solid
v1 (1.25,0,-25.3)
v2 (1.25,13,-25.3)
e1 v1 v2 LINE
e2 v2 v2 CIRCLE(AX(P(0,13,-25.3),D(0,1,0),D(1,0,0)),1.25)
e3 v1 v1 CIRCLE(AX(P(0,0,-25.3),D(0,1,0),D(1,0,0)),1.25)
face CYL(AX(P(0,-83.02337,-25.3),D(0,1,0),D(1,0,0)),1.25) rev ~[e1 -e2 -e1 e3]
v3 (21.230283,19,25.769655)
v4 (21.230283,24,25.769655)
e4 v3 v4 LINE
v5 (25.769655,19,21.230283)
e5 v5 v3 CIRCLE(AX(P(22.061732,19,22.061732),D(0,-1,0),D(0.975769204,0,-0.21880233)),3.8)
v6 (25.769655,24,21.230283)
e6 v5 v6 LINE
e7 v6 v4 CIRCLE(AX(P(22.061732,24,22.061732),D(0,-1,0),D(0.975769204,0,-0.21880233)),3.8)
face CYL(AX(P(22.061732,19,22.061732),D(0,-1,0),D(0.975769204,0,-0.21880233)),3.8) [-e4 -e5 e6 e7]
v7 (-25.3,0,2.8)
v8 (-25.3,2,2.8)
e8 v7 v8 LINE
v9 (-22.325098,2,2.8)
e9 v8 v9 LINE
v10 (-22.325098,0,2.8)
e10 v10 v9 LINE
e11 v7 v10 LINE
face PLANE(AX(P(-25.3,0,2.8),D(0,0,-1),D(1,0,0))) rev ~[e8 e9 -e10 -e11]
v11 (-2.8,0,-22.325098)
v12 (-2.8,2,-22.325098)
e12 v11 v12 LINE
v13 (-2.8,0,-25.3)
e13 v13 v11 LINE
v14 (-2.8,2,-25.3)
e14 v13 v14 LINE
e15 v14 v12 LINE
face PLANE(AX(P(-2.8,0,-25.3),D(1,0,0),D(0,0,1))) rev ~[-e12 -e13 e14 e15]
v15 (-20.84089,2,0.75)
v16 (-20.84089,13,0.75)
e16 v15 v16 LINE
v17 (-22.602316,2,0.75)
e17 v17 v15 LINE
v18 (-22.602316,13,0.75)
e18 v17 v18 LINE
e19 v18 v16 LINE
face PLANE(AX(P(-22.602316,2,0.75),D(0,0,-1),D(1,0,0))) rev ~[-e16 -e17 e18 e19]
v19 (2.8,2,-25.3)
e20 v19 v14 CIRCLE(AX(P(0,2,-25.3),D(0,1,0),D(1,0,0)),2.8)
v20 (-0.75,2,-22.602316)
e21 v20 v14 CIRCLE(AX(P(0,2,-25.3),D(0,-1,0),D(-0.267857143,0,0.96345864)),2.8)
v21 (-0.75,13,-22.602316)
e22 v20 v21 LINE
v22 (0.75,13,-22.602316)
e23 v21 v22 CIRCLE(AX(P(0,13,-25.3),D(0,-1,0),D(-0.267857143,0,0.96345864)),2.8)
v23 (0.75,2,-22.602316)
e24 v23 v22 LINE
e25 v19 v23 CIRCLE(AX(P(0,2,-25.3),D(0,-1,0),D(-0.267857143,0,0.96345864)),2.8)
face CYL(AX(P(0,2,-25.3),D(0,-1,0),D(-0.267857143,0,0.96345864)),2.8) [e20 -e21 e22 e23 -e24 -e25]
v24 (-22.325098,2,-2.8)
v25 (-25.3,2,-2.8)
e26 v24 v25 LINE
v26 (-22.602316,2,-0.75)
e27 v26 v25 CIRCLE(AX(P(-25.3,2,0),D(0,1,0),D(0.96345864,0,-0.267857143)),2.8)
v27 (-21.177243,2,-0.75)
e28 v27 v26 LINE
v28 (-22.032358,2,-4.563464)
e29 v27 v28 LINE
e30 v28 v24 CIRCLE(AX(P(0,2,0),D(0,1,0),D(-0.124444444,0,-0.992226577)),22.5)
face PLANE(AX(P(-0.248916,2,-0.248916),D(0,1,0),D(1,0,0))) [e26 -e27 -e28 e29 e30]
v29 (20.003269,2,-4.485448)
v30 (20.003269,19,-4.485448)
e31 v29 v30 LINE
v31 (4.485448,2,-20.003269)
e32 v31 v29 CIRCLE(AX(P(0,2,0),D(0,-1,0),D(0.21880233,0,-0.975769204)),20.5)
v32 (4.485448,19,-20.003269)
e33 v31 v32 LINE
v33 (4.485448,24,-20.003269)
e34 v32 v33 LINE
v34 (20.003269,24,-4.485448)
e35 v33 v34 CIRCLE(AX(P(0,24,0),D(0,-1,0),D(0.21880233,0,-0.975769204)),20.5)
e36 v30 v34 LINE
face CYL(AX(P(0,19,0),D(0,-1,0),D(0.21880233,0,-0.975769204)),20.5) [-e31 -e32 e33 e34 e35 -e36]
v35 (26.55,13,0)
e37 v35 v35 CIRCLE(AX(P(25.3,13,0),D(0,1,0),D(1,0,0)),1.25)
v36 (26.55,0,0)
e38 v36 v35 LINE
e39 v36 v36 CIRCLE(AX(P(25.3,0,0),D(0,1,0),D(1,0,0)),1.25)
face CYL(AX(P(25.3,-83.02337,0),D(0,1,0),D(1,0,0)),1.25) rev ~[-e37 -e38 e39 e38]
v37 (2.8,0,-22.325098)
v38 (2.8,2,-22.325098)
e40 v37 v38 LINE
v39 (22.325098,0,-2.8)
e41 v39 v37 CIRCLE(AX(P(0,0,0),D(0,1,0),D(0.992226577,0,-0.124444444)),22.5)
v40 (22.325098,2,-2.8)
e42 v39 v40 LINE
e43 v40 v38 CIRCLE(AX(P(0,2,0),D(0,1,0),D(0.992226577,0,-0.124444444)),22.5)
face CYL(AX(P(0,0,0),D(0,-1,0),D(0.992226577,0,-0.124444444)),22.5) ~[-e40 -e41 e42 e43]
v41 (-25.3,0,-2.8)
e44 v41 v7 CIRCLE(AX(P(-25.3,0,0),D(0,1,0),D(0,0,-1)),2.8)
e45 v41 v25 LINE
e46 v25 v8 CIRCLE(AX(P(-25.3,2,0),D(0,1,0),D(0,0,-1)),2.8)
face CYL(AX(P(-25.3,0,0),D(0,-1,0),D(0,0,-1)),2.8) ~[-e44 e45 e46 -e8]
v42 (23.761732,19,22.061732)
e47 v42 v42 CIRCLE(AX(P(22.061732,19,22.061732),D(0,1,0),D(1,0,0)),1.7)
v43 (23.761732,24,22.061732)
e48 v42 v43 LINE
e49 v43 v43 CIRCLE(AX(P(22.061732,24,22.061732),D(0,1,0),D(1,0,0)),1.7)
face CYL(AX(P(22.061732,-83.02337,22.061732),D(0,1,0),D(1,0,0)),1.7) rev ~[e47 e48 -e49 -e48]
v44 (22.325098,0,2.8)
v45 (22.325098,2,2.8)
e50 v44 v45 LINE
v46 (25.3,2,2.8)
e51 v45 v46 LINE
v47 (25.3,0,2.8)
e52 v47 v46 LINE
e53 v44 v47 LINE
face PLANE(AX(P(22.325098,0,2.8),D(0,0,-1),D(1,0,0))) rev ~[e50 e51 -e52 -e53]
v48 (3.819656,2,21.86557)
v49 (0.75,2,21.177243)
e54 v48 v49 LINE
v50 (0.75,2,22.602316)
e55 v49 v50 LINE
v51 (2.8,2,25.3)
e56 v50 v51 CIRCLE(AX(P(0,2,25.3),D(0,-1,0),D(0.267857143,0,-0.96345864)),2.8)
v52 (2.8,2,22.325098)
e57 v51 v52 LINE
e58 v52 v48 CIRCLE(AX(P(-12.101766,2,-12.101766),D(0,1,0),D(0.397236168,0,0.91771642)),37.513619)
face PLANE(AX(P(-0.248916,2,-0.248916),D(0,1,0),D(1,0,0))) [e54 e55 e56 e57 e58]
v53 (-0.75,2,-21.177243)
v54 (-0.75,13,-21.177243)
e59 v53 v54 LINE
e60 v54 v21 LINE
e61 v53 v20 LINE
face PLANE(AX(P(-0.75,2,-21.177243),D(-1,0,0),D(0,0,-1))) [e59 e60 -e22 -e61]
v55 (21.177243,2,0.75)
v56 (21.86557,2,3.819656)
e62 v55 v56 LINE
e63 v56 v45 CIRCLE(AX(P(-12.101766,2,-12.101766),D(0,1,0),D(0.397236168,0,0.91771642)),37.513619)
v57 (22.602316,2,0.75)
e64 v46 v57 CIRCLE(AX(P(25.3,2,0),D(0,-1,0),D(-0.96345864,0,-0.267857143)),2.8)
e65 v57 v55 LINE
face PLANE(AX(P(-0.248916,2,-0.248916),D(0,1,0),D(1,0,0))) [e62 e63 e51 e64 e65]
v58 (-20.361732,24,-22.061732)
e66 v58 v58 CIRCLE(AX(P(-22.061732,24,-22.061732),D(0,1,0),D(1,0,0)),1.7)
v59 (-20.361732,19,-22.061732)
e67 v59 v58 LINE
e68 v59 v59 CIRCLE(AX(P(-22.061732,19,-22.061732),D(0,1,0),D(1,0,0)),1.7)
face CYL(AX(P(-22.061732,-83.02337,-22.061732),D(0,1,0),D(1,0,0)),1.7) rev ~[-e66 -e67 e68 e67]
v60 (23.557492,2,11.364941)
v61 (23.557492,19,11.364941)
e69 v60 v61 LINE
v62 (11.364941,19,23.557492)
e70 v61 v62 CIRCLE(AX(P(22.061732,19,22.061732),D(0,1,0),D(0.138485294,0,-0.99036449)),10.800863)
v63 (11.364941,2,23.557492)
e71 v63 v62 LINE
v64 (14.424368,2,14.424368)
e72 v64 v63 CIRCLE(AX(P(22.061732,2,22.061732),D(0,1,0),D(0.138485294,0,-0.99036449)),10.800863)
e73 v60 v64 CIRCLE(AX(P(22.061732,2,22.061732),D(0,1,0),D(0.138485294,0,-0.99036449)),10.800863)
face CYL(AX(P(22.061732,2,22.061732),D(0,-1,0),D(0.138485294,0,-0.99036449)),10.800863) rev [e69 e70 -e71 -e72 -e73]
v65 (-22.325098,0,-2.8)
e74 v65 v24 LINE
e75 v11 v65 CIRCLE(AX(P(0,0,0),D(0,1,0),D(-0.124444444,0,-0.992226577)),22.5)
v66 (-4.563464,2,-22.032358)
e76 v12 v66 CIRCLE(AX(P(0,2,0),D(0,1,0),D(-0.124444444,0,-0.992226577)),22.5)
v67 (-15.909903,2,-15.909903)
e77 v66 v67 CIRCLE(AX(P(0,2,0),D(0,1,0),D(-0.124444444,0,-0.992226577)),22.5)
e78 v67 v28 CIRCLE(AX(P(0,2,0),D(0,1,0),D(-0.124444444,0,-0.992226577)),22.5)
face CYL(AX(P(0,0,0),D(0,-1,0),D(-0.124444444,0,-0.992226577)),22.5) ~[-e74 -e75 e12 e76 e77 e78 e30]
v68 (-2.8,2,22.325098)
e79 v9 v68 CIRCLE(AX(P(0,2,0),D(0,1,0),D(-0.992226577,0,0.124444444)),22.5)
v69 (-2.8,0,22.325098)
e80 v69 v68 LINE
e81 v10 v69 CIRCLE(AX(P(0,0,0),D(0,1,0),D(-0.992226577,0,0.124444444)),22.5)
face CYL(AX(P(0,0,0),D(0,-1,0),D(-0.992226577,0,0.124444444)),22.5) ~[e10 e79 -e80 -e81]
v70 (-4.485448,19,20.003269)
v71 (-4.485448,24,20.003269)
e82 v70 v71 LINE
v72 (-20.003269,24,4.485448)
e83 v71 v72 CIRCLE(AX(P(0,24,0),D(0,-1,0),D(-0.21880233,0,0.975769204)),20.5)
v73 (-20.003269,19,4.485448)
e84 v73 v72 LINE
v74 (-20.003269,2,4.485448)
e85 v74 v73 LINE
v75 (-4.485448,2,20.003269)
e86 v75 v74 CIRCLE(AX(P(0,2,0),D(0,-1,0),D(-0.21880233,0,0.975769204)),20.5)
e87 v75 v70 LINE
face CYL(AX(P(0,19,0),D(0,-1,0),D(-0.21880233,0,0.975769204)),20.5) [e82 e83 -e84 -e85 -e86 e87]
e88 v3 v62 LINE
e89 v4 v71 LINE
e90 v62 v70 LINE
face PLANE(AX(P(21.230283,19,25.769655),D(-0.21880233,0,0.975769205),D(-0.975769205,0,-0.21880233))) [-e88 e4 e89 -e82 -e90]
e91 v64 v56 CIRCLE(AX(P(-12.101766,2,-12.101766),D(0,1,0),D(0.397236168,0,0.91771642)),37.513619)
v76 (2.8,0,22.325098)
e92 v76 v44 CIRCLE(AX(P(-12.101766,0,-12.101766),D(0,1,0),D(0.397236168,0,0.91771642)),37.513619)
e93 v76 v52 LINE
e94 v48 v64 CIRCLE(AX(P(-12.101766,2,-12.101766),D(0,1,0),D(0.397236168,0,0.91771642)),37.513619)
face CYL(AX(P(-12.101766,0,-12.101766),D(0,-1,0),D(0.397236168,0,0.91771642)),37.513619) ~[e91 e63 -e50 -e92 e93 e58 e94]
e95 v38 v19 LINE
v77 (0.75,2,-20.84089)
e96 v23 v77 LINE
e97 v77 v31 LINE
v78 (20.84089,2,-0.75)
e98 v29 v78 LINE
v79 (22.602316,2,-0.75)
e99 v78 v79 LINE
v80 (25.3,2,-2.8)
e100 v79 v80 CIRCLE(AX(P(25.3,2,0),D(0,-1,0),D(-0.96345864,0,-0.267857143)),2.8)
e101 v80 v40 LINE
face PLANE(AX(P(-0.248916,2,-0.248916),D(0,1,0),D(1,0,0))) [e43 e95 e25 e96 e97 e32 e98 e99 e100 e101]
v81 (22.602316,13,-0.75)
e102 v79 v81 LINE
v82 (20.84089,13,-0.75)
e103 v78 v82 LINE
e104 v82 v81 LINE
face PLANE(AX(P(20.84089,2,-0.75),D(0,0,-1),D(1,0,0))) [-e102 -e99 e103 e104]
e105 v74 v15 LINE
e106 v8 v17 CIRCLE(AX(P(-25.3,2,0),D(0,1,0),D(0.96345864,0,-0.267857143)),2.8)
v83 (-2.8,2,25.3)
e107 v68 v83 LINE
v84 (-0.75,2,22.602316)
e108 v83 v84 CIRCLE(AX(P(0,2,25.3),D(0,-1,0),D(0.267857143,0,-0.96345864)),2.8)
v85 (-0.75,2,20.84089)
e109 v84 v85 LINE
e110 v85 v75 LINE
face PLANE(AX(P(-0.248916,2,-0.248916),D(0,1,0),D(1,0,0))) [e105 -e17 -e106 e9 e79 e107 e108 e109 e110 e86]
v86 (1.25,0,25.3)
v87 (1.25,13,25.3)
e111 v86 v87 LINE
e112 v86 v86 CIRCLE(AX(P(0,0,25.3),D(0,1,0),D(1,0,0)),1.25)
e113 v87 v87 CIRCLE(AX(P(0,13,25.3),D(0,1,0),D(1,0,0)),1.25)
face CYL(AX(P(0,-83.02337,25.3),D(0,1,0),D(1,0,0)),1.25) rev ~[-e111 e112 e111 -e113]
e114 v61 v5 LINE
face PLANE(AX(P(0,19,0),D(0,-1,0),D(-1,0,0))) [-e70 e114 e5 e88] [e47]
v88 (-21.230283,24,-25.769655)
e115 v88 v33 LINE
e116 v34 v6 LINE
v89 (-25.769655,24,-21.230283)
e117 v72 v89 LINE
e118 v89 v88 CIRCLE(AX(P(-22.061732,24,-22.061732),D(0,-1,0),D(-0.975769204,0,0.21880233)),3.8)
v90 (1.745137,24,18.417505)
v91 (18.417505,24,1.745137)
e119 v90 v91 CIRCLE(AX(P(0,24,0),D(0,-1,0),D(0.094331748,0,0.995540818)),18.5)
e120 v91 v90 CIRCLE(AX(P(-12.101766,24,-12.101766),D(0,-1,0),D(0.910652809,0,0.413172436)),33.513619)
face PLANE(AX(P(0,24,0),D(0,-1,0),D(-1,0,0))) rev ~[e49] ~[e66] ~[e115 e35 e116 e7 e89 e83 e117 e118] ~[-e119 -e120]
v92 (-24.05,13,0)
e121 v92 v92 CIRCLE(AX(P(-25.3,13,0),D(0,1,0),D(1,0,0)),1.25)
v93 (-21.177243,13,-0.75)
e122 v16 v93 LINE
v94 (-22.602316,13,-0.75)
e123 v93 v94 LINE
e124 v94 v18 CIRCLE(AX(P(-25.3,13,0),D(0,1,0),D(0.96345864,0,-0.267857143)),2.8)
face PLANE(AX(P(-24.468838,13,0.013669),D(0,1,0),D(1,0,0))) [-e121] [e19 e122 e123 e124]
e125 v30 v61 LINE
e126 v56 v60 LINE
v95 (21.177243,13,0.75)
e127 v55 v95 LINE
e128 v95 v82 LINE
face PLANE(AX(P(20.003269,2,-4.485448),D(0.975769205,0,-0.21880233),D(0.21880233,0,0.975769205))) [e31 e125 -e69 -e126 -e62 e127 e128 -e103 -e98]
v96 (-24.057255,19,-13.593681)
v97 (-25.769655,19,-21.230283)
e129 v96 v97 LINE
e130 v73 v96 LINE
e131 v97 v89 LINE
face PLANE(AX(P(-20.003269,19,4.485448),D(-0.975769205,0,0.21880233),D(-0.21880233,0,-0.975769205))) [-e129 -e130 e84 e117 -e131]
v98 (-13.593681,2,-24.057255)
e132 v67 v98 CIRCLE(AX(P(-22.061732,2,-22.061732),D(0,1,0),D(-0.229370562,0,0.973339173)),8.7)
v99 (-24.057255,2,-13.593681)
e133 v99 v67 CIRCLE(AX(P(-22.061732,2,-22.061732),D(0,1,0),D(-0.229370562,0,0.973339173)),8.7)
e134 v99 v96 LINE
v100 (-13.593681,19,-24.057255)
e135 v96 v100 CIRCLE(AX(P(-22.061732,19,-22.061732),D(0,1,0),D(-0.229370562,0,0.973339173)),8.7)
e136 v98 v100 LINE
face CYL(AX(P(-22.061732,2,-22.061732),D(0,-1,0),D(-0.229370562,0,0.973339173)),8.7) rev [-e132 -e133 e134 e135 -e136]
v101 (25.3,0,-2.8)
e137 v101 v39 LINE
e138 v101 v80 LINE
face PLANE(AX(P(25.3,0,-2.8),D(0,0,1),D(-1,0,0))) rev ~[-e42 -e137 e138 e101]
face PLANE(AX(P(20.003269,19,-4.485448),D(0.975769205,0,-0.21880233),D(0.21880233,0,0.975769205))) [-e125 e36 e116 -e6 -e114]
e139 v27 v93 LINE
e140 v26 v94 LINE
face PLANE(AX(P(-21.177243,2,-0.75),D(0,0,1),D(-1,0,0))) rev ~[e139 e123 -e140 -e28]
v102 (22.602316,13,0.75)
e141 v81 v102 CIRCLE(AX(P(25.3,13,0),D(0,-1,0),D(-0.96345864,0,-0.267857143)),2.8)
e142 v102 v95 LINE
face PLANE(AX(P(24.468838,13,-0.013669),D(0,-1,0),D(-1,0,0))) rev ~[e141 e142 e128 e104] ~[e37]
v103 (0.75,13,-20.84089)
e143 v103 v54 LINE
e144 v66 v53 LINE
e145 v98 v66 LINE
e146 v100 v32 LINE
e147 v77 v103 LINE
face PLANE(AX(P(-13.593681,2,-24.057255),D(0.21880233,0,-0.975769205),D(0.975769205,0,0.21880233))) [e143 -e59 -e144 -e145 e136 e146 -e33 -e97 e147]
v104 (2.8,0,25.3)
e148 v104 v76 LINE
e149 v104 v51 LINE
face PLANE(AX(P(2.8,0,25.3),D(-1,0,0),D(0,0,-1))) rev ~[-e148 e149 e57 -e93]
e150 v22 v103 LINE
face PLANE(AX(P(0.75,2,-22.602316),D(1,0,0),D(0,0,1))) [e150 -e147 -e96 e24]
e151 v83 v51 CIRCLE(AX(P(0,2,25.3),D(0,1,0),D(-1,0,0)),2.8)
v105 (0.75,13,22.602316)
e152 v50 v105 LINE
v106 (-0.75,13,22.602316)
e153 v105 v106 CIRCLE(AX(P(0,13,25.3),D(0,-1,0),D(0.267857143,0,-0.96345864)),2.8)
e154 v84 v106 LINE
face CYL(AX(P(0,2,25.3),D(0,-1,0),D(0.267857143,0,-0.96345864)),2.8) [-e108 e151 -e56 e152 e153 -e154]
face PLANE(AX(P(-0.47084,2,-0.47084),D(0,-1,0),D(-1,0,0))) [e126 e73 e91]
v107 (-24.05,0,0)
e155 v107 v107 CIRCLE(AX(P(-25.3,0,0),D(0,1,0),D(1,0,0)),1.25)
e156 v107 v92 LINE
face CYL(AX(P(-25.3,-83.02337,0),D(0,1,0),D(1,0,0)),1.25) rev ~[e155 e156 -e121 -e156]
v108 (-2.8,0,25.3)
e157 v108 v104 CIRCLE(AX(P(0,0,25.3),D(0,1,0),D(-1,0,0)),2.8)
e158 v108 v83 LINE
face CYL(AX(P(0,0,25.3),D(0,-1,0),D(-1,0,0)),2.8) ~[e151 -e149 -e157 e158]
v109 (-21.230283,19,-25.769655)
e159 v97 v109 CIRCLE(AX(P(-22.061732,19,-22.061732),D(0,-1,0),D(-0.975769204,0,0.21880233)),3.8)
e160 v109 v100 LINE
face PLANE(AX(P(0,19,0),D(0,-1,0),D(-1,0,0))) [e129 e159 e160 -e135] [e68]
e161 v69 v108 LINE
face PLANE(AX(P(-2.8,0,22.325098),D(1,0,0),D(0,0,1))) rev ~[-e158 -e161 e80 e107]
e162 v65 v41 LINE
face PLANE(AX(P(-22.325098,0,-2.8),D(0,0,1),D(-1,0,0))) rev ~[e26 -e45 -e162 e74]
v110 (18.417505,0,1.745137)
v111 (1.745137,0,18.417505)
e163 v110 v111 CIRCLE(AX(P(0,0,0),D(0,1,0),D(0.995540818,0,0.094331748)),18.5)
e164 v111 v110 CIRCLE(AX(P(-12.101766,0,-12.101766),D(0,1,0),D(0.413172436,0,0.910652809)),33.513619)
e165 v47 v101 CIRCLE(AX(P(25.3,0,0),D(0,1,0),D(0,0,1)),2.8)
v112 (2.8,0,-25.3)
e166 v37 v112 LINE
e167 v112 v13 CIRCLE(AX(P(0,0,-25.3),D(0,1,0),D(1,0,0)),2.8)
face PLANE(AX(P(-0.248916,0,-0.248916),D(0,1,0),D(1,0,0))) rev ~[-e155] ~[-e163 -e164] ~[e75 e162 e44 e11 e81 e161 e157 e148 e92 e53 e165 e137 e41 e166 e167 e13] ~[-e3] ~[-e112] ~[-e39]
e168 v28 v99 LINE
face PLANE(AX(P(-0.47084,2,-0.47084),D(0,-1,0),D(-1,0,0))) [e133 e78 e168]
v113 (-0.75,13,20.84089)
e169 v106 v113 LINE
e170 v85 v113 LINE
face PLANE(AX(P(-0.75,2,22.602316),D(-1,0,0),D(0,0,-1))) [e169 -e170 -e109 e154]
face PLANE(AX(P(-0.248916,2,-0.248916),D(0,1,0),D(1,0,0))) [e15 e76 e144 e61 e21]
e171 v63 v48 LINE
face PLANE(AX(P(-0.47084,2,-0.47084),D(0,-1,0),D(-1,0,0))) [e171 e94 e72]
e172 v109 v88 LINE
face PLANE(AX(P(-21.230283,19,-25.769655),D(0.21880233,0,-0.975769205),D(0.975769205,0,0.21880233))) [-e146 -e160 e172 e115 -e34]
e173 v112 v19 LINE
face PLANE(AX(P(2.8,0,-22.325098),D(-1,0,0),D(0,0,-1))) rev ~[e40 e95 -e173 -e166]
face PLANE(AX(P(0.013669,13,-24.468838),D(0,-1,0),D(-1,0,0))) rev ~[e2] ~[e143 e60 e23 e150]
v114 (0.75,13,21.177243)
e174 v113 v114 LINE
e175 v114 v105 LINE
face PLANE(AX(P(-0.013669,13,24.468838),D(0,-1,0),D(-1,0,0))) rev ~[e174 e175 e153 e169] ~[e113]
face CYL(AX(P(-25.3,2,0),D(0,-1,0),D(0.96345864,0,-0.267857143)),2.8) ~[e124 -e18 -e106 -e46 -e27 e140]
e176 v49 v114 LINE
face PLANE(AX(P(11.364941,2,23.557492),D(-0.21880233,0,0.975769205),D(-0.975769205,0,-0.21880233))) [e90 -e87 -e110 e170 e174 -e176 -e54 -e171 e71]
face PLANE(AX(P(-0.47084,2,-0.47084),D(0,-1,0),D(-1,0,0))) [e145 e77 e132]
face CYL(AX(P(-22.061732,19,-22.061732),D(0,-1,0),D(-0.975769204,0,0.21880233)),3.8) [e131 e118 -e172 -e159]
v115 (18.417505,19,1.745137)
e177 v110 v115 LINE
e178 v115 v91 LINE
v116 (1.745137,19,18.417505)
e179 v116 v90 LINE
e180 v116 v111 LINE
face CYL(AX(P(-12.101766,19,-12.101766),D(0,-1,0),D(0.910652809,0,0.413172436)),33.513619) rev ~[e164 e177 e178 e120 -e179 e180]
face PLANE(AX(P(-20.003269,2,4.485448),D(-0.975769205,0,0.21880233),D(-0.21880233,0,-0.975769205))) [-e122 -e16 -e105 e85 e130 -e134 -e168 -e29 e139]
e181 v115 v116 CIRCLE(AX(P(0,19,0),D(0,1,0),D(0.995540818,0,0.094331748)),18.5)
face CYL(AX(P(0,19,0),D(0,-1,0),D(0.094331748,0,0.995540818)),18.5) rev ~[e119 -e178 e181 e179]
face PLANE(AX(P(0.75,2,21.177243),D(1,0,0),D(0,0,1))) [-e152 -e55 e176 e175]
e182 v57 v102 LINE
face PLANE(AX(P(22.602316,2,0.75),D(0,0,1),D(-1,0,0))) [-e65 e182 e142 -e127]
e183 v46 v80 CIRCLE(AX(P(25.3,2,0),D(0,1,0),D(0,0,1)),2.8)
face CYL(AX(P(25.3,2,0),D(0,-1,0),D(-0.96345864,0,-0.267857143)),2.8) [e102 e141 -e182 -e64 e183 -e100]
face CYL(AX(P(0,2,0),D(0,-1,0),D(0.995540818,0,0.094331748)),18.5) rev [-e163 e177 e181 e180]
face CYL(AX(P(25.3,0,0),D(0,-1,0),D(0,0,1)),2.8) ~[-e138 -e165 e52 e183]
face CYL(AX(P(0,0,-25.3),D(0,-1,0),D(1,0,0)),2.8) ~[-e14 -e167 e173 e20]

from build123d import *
from build123d.topology import SkipClean

# Parameters (mm, degrees)
EXTRUDE_1_DEPTH     = 2
EXTRUDE_2_DEPTH     = 17
EXTRUDE_3_DEPTH     = 5
HOLE_WIZARD_M31_D   = 3.4
EXTRUDE_4_DEPTH     = 11
CUT_EXTRUDE_1_DEPTH = 11
HOLE_WIZARD_M31_2_D = 2.5


with BuildPart() as part:
    # Sketch 1 → Extrude 1 (new body)
    with BuildSketch(Plane(origin=(0, 0, 0), x_dir=(1, 0, 0), z_dir=(0, 1, 0))):
        with BuildLine():
            Line((22.325097984, -2.8), (25.3, -2.8))
            ThreePointArc((25.3, -2.8), (28.1, 0), (25.3, 2.8))
            Line((25.3, 2.8), (22.325097984, 2.8))
            ThreePointArc((22.325097984, 2.8), (15.909902577, 15.909902577), (2.8, 22.325097984))
            Line((2.8, 22.325097984), (2.8, 25.3))
            ThreePointArc((2.8, 25.3), (0, 28.1), (-2.8, 25.3))
            Line((-2.8, 25.3), (-2.8, 22.325097984))
            ThreePointArc((-2.8, 22.325097984), (-15.909902577, 15.909902577), (-22.325097984, 2.8))
            Line((-22.325097984, 2.8), (-25.3, 2.8))
            ThreePointArc((-25.3, 2.8), (-28.1, 0), (-25.3, -2.8))
            Line((-25.3, -2.8), (-22.325097984, -2.8))
            ThreePointArc((-22.325097984, -2.8), (-15.909902577, -15.909902577), (-2.8, -22.325097984))
            Line((-2.8, -22.325097984), (-2.8, -25.3))
            ThreePointArc((-2.8, -25.3), (0, -28.1), (2.8, -25.3))
            Line((2.8, -25.3), (2.8, -22.325097984))
            ThreePointArc((2.8, -22.325097984), (14.4243682, -14.4243682), (22.325097984, -2.8))
        make_face()
        with BuildLine():
            ThreePointArc((18.417505142, -1.745137346), (-13.081475452, 13.081475452), (1.745137346, -18.417505142))
            ThreePointArc((1.745137346, -18.417505142), (11.595941075, -11.595941075), (18.417505142, -1.745137346))
        make_face(mode=Mode.SUBTRACT)
    extrude(amount=EXTRUDE_1_DEPTH)

    # Sketch 2 → Extrude 2 (add)
    with BuildSketch(Plane(origin=(0, 2, 0), x_dir=(1, 0, 0), z_dir=(0, 1, 0))):
        with BuildLine():
            Line((20.003268693, 4.485447761), (23.557492243, -11.364940531))
            ThreePointArc((23.557492243, -11.364940531), (14.4243682, -14.4243682), (11.364940531, -23.557492243))
            Line((11.364940531, -23.557492243), (-4.485447761, -20.003268693))
            ThreePointArc((-4.485447761, -20.003268693), (-14.495689014, -14.495689014), (-20.003268693, -4.485447761))
            Line((-20.003268693, -4.485447761), (-24.05725546, 13.593680769))
            ThreePointArc((-24.05725546, 13.593680769), (-15.909902577, 15.909902577), (-13.593680769, 24.05725546))
            Line((-13.593680769, 24.05725546), (4.485447761, 20.003268693))
            ThreePointArc((4.485447761, 20.003268693), (14.495689014, 14.495689014), (20.003268693, 4.485447761))
        make_face()
        with BuildLine():
            ThreePointArc((1.745137346, -18.417505142), (11.595941075, -11.595941075), (18.417505142, -1.745137346))
            ThreePointArc((18.417505142, -1.745137346), (-13.081475452, 13.081475452), (1.745137346, -18.417505142))
        make_face(mode=Mode.SUBTRACT)
    extrude(amount=EXTRUDE_2_DEPTH)

    # Sketch 3 → Extrude 3 (add)
    with BuildSketch(Plane(origin=(0, 19, 0), x_dir=(1, 0, 0), z_dir=(0, 1, 0))):
        with BuildLine():
            Line((20.003268693, 4.485447761), (25.76965455, -21.23028272))
            ThreePointArc((25.76965455, -21.23028272), (24.748737342, -24.748737342), (21.23028272, -25.76965455))
            Line((21.23028272, -25.76965455), (-4.485447761, -20.003268693))
            ThreePointArc((-4.485447761, -20.003268693), (-14.495689014, -14.495689014), (-20.003268693, -4.485447761))
            Line((-20.003268693, -4.485447761), (-25.76965455, 21.23028272))
            ThreePointArc((-25.76965455, 21.23028272), (-24.748737342, 24.748737342), (-21.23028272, 25.76965455))
            Line((-21.23028272, 25.76965455), (4.485447761, 20.003268693))
            ThreePointArc((4.485447761, 20.003268693), (14.495689014, 14.495689014), (20.003268693, 4.485447761))
        make_face()
    extrude(amount=EXTRUDE_3_DEPTH)

    # Hole Wizard M31 (through all)
    with Locations(Plane(origin=(0, 0, 0), x_dir=(-1, 0, 0), z_dir=(0, -1, 0))):
        with Locations((-22.061731573, -22.061731573), (22.061731573, 22.061731573)):
            Hole(HOLE_WIZARD_M31_D / 2)

    # Sketch 6 → Extrude 4 (add)
    with SkipClean():  # the faces are left unmerged after this step: merging them gives an invalid solid
        with BuildSketch(Plane(origin=(0, 2, 0), x_dir=(1, 0, 0), z_dir=(0, 1, 0))):
            with BuildLine():
                Line((0.75, 20.840889586), (-0.75, 21.177243196))
                Line((-0.75, 21.177243196), (-0.75, 22.602315808))
                ThreePointArc((-0.75, 22.602315808), (0, 28.1), (0.75, 22.602315808))
                Line((0.75, 22.602315808), (0.75, 20.840889586))
            make_face()
            with BuildLine():
                Line((-21.177243196, 0.75), (-22.602315808, 0.75))
                ThreePointArc((-22.602315808, 0.75), (-28.1, 0), (-22.602315808, -0.75))
                Line((-22.602315808, -0.75), (-20.840889586, -0.75))
                Line((-20.840889586, -0.75), (-21.177243196, 0.75))
            make_face()
            with BuildLine():
                Line((21.177243196, -0.75), (20.840889586, 0.75))
                Line((20.840889586, 0.75), (22.602315808, 0.75))
                ThreePointArc((22.602315808, 0.75), (28.1, 0), (22.602315808, -0.75))
                Line((22.602315808, -0.75), (21.177243196, -0.75))
            make_face()
            with BuildLine():
                Line((-0.75, -20.840889586), (0.75, -21.177243196))
                Line((0.75, -21.177243196), (0.75, -22.602315808))
                ThreePointArc((0.75, -22.602315808), (0, -28.1), (-0.75, -22.602315808))
                Line((-0.75, -22.602315808), (-0.75, -20.840889586))
            make_face()
        extrude(amount=EXTRUDE_4_DEPTH)

    # Sketch 7 → Cut-Extrude 1 (cut)
    with SkipClean():  # the faces are left unmerged after this step: merging them gives an invalid solid
        with BuildSketch(Plane.XZ.offset(-19)):
            with BuildLine():
                ThreePointArc((18.417505142, 1.745137346), (11.595941075, 11.595941075), (1.745137346, 18.417505142))
                ThreePointArc((1.745137346, 18.417505142), (-13.081475452, -13.081475452), (18.417505142, 1.745137346))
            make_face()
        extrude(amount=-CUT_EXTRUDE_1_DEPTH, mode=Mode.SUBTRACT)

    # Hole Wizard M31 2 (through all)
    with Locations(Plane(origin=(0, 0, 0), x_dir=(-1, 0, 0), z_dir=(0, -1, 0))):
        with Locations((0, -25.3), (-25.3, 0), (0, 25.3), (25.3, 0)):
            Hole(HOLE_WIZARD_M31_2_D / 2)


solid = part.part
